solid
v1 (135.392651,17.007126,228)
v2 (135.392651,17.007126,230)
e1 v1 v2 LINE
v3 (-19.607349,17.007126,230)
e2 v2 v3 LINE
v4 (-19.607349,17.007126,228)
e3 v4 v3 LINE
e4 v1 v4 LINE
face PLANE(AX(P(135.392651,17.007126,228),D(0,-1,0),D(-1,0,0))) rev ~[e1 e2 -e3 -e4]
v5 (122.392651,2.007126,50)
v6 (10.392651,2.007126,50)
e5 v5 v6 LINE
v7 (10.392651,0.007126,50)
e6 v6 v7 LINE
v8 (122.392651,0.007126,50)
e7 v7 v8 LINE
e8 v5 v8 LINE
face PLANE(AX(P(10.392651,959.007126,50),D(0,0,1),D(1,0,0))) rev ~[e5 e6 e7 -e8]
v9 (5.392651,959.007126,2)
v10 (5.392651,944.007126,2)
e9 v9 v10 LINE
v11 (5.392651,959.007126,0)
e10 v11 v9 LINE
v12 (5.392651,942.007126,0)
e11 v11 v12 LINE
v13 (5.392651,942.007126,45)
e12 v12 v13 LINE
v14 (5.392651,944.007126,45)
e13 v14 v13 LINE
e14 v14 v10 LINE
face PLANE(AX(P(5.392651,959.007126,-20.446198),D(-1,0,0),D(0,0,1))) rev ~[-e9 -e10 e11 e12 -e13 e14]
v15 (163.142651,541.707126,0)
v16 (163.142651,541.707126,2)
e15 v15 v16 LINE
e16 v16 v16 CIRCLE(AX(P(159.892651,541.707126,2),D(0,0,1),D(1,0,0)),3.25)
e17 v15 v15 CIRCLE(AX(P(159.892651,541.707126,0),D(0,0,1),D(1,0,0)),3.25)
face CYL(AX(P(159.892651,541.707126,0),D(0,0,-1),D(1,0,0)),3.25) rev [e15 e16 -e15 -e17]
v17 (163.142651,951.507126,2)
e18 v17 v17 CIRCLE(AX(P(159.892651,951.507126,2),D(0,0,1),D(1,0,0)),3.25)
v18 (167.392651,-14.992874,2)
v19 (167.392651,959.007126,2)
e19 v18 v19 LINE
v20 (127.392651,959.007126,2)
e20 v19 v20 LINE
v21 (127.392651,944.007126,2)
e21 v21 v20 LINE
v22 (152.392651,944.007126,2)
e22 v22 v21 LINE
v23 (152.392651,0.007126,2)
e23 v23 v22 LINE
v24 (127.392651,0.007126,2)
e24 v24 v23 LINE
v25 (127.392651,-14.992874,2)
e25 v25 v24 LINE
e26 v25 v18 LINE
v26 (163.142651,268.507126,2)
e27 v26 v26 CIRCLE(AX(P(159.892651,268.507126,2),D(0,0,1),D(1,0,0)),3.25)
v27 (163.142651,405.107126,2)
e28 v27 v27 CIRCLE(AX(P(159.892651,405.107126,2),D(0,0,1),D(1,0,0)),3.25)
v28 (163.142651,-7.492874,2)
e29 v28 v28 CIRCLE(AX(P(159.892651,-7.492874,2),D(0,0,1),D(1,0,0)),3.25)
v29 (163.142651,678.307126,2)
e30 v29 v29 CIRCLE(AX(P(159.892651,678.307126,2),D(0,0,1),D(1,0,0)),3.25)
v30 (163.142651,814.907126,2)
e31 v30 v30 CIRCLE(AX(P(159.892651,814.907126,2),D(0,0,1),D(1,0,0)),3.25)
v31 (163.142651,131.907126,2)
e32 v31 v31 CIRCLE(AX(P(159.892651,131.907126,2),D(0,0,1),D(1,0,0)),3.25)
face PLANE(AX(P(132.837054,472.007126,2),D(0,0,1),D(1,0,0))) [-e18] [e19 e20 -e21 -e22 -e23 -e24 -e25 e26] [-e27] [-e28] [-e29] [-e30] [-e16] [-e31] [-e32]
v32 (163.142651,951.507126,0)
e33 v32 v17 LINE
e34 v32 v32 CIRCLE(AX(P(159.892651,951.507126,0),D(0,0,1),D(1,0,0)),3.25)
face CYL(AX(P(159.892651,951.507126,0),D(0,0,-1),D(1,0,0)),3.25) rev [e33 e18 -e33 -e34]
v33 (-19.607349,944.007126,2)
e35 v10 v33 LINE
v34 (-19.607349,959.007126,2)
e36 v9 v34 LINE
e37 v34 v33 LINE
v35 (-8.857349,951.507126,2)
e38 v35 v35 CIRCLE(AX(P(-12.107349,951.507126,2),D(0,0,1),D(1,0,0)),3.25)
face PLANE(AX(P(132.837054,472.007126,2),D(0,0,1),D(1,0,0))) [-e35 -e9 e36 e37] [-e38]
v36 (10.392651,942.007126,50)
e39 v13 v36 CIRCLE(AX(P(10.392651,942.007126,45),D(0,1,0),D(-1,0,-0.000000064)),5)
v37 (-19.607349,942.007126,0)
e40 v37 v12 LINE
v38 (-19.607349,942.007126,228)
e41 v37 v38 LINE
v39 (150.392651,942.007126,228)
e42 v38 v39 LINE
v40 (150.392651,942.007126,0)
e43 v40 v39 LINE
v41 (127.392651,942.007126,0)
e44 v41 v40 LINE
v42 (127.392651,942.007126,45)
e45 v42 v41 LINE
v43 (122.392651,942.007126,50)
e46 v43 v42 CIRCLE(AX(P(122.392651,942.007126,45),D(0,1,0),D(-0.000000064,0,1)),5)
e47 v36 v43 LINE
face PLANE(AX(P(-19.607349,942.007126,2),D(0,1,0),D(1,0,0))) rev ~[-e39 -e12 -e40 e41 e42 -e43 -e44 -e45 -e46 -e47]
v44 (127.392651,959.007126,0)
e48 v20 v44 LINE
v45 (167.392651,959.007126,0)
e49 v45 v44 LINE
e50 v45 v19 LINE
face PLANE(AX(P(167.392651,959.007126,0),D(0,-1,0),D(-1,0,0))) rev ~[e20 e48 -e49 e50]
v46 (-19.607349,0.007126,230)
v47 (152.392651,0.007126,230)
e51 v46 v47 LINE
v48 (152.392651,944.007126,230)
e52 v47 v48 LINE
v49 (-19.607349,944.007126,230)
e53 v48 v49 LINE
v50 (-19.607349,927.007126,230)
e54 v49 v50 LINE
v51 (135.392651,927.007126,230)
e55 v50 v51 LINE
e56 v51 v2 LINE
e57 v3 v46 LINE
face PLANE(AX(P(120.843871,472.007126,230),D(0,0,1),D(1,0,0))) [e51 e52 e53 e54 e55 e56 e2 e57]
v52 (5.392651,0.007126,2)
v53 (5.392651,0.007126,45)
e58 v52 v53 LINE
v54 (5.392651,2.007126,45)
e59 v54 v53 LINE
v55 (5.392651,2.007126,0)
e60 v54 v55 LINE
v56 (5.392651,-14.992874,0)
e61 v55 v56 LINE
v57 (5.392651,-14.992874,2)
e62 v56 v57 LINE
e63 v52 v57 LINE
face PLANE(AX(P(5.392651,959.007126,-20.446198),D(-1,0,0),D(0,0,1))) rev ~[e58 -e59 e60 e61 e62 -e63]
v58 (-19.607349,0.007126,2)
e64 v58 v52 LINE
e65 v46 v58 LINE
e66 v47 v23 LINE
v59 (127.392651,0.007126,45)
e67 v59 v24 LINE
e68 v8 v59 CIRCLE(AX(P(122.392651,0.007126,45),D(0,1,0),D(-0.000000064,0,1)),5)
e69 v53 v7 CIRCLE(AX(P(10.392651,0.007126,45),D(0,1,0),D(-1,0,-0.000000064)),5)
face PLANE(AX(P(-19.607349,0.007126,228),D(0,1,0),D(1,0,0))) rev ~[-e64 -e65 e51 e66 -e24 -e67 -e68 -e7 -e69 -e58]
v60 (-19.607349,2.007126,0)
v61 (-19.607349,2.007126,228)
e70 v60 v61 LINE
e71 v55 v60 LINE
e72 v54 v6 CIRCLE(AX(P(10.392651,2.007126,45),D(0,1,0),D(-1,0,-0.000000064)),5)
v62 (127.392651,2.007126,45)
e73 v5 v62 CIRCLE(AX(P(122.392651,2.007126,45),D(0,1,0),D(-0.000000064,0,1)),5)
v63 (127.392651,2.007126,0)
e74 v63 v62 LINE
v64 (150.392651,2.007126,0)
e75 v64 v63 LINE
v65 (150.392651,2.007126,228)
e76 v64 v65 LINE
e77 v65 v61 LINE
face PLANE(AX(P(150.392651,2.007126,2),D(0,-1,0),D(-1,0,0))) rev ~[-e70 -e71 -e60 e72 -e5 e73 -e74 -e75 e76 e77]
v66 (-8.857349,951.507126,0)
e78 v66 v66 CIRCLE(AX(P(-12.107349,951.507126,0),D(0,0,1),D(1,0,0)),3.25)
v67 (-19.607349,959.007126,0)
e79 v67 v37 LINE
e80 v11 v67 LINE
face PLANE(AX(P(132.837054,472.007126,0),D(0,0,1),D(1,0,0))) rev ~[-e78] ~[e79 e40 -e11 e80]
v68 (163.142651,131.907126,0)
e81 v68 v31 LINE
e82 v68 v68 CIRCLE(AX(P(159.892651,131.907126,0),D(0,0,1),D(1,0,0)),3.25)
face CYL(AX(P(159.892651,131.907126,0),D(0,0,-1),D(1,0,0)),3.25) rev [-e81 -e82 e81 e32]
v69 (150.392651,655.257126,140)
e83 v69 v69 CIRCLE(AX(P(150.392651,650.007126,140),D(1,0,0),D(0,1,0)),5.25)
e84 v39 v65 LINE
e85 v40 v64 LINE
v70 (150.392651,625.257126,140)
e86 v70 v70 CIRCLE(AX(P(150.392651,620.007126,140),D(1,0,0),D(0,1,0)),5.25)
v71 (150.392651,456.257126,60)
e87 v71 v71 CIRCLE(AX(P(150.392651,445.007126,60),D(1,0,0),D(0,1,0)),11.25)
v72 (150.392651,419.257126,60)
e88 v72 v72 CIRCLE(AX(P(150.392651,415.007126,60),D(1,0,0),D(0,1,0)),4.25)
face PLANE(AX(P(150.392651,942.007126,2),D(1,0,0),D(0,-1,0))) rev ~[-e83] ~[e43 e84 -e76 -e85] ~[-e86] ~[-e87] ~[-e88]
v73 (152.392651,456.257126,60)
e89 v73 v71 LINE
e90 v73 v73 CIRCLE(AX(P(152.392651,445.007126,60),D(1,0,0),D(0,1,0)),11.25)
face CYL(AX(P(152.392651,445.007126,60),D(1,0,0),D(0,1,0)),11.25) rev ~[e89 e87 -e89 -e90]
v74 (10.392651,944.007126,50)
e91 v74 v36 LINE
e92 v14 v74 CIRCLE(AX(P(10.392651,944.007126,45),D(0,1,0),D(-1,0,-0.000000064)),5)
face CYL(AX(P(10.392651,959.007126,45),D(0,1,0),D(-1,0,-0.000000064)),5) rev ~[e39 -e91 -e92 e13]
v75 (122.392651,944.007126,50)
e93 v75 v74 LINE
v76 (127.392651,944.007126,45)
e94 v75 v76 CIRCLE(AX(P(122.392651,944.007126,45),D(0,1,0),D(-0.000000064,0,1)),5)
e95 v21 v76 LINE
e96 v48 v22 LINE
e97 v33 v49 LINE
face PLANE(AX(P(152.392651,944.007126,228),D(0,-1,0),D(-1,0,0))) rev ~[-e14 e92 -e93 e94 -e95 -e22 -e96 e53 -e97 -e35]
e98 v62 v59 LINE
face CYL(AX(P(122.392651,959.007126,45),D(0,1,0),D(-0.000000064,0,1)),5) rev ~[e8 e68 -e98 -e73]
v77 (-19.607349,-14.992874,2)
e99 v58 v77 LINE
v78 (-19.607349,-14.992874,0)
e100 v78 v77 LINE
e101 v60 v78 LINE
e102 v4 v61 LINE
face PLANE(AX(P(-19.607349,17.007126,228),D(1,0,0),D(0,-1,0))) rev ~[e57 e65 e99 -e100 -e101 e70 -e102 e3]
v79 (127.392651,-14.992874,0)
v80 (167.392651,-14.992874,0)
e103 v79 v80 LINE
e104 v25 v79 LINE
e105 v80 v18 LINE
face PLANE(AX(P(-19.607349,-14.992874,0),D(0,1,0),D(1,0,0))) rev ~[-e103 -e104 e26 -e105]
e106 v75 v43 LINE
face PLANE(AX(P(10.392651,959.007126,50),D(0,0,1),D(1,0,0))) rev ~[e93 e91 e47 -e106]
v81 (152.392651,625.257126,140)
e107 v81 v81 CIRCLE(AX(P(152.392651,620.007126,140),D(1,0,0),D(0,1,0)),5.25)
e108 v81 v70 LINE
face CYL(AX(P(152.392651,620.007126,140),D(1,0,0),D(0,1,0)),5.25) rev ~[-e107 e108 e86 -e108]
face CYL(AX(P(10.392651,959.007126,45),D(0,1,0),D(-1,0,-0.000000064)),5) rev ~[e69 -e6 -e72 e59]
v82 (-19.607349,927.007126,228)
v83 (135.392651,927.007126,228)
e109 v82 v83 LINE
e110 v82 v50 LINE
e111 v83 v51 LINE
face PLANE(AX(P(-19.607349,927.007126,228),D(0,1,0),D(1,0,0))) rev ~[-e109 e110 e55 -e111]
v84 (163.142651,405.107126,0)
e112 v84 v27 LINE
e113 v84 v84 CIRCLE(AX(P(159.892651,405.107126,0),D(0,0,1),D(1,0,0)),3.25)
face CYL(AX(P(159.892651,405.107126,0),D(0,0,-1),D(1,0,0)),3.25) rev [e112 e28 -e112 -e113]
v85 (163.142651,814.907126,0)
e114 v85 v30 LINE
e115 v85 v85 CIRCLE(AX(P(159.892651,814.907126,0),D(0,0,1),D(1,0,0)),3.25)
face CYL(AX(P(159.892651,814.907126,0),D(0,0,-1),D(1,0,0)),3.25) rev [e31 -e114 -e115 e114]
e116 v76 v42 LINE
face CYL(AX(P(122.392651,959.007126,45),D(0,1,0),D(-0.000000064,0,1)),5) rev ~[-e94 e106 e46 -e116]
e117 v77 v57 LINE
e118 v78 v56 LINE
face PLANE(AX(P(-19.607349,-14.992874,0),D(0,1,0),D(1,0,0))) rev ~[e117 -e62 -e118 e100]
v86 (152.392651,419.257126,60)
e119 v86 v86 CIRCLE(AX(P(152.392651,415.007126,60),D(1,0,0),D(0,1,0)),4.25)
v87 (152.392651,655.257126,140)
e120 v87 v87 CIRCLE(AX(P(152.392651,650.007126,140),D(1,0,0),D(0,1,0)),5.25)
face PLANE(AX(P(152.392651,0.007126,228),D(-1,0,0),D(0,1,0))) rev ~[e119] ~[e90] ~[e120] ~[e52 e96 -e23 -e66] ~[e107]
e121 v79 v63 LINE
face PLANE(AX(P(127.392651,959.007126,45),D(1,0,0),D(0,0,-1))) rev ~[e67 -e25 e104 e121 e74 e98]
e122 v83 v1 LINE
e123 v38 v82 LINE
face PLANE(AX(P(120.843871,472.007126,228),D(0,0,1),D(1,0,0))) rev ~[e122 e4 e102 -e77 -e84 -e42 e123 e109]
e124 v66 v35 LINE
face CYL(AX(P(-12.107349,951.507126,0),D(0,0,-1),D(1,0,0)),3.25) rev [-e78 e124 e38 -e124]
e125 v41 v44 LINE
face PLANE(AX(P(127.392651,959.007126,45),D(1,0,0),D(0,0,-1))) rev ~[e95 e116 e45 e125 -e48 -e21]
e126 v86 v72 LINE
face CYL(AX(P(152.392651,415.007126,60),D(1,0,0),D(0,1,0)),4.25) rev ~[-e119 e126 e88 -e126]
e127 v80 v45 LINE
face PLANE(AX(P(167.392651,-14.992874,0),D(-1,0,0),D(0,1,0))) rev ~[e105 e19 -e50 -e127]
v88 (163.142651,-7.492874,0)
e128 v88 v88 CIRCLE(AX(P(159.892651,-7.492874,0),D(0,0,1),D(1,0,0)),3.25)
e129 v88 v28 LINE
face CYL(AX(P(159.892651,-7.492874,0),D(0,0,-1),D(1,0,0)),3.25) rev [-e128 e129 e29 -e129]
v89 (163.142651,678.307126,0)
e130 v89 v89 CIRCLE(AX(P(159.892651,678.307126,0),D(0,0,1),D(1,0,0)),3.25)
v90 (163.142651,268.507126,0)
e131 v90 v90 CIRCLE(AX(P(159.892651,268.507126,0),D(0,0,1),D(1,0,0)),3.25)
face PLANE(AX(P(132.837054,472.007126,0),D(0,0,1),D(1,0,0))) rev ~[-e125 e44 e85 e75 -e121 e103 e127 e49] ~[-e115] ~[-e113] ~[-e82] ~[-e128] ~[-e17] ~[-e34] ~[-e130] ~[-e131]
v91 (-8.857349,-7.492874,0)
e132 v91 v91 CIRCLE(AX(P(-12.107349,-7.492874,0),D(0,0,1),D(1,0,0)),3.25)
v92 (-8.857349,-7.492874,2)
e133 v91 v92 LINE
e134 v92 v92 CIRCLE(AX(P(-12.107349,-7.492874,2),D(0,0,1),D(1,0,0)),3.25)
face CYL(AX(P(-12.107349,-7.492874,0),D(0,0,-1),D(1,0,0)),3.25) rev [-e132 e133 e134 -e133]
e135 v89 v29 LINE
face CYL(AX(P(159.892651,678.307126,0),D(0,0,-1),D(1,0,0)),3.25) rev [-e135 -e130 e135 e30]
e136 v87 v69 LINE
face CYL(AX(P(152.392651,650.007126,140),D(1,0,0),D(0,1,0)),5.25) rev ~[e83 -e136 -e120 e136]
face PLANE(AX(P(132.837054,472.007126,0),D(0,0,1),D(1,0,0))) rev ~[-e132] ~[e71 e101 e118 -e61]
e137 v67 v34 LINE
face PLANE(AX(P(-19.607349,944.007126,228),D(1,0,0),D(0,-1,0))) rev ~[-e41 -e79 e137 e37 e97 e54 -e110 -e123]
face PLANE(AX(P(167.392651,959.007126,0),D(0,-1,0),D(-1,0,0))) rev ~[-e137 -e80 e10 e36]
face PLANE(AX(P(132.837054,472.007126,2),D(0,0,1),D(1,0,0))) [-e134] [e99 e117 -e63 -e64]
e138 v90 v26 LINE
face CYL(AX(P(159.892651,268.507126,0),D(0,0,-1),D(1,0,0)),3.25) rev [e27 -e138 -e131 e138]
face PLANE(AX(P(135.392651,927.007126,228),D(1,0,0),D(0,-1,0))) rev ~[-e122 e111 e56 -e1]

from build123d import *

# Parameters (mm, degrees)
F0_R     = 3.25
F1_DEPTH = 2
F3_DEPTH = 226
F5_DEPTH = 2
F7_DEPTH = 1220.99755
F8_R     = 5.25
F8_R_2   = 11.25
F8_R_3   = 4.25
F9_DEPTH = 25


with BuildPart() as f1:
    # F0 (on Top) → F1 (new body)
    with BuildSketch(Plane.XY):
        Polygon((-19.607349, 959.007126), (-19.607349, 942.007126), (150.392651, 942.007126), (150.392651, 2.007126), (-19.607349, 2.007126), (-19.607349, -14.992874), (167.392651, -14.992874), (167.392651, 959.007126), align=None)
        with Locations((-12.107349, -7.492874)):
            Circle(F0_R, mode=Mode.SUBTRACT)
        with Locations((159.892651, -7.492874)):
            Circle(F0_R, mode=Mode.SUBTRACT)
        with Locations((159.892651, 131.907126)):
            Circle(F0_R, mode=Mode.SUBTRACT)
        with Locations((159.892651, 268.507126)):
            Circle(F0_R, mode=Mode.SUBTRACT)
        with Locations((159.892651, 405.107126)):
            Circle(F0_R, mode=Mode.SUBTRACT)
        with Locations((-12.107349, 951.507126)):
            Circle(F0_R, mode=Mode.SUBTRACT)
        with Locations((159.892651, 541.707126)):
            Circle(F0_R, mode=Mode.SUBTRACT)
        with Locations((159.892651, 678.307126)):
            Circle(F0_R, mode=Mode.SUBTRACT)
        with Locations((159.892651, 814.907126)):
            Circle(F0_R, mode=Mode.SUBTRACT)
        with Locations((159.892651, 951.507126)):
            Circle(F0_R, mode=Mode.SUBTRACT)
    extrude(amount=F1_DEPTH)

    # F2 (on face) → F3 (join)
    with BuildSketch(Plane.XY.offset(2)):
        Polygon((-19.607349, 944.007126), (-19.607349, 942.007126), (150.392651, 942.007126), (150.392651, 2.007126), (-19.607349, 2.007126), (-19.607349, 0.007126), (152.392651, 0.007126), (152.392651, 944.007126), align=None)
    extrude(amount=F3_DEPTH)

    # F4 (on face) → F5 (join)
    with BuildSketch(Plane.XY.offset(228)):
        Polygon((152.392651, 944.007126), (-19.607349, 944.007126), (-19.607349, 927.007126), (135.392651, 927.007126), (135.392651, 17.007126), (-19.607349, 17.007126), (-19.607349, 0.007126), (152.392651, 0.007126), align=None)
    extrude(amount=F5_DEPTH)

    # F6 (on face) → F7 (cut)
    with BuildSketch(Plane(origin=(0, 959.007126, 0), x_dir=(-1, 0, 0), z_dir=(0, 1, 0))):
        with BuildLine():
            Line((-10.392651, 50), (-122.392651, 50))
            ThreePointArc((-122.392651, 50), (-125.928185, 48.535534), (-127.392651, 45))
            Line((-127.392651, 45), (-127.392651, -20.446198))
            Line((-127.392651, -20.446198), (-5.392651, -20.446198))
            Line((-5.392651, -20.446198), (-5.392651, 45))
            ThreePointArc((-5.392651, 45), (-6.857117, 48.535534), (-10.392651, 50))
        make_face()
    extrude(amount=-F7_DEPTH, mode=Mode.SUBTRACT)

    # F8 (on face) → F9 (cut)
    with BuildSketch(Plane.YZ.offset(152.392651)):
        with Locations((620.007126, 140)):
            Circle(F8_R)
        with Locations((650.007126, 140)):
            Circle(F8_R)
        with Locations((445.007126, 60)):
            Circle(F8_R_2)
        with Locations((415.007126, 60)):
            Circle(F8_R_3)
    extrude(amount=-F9_DEPTH, mode=Mode.SUBTRACT)


solid = f1.part
